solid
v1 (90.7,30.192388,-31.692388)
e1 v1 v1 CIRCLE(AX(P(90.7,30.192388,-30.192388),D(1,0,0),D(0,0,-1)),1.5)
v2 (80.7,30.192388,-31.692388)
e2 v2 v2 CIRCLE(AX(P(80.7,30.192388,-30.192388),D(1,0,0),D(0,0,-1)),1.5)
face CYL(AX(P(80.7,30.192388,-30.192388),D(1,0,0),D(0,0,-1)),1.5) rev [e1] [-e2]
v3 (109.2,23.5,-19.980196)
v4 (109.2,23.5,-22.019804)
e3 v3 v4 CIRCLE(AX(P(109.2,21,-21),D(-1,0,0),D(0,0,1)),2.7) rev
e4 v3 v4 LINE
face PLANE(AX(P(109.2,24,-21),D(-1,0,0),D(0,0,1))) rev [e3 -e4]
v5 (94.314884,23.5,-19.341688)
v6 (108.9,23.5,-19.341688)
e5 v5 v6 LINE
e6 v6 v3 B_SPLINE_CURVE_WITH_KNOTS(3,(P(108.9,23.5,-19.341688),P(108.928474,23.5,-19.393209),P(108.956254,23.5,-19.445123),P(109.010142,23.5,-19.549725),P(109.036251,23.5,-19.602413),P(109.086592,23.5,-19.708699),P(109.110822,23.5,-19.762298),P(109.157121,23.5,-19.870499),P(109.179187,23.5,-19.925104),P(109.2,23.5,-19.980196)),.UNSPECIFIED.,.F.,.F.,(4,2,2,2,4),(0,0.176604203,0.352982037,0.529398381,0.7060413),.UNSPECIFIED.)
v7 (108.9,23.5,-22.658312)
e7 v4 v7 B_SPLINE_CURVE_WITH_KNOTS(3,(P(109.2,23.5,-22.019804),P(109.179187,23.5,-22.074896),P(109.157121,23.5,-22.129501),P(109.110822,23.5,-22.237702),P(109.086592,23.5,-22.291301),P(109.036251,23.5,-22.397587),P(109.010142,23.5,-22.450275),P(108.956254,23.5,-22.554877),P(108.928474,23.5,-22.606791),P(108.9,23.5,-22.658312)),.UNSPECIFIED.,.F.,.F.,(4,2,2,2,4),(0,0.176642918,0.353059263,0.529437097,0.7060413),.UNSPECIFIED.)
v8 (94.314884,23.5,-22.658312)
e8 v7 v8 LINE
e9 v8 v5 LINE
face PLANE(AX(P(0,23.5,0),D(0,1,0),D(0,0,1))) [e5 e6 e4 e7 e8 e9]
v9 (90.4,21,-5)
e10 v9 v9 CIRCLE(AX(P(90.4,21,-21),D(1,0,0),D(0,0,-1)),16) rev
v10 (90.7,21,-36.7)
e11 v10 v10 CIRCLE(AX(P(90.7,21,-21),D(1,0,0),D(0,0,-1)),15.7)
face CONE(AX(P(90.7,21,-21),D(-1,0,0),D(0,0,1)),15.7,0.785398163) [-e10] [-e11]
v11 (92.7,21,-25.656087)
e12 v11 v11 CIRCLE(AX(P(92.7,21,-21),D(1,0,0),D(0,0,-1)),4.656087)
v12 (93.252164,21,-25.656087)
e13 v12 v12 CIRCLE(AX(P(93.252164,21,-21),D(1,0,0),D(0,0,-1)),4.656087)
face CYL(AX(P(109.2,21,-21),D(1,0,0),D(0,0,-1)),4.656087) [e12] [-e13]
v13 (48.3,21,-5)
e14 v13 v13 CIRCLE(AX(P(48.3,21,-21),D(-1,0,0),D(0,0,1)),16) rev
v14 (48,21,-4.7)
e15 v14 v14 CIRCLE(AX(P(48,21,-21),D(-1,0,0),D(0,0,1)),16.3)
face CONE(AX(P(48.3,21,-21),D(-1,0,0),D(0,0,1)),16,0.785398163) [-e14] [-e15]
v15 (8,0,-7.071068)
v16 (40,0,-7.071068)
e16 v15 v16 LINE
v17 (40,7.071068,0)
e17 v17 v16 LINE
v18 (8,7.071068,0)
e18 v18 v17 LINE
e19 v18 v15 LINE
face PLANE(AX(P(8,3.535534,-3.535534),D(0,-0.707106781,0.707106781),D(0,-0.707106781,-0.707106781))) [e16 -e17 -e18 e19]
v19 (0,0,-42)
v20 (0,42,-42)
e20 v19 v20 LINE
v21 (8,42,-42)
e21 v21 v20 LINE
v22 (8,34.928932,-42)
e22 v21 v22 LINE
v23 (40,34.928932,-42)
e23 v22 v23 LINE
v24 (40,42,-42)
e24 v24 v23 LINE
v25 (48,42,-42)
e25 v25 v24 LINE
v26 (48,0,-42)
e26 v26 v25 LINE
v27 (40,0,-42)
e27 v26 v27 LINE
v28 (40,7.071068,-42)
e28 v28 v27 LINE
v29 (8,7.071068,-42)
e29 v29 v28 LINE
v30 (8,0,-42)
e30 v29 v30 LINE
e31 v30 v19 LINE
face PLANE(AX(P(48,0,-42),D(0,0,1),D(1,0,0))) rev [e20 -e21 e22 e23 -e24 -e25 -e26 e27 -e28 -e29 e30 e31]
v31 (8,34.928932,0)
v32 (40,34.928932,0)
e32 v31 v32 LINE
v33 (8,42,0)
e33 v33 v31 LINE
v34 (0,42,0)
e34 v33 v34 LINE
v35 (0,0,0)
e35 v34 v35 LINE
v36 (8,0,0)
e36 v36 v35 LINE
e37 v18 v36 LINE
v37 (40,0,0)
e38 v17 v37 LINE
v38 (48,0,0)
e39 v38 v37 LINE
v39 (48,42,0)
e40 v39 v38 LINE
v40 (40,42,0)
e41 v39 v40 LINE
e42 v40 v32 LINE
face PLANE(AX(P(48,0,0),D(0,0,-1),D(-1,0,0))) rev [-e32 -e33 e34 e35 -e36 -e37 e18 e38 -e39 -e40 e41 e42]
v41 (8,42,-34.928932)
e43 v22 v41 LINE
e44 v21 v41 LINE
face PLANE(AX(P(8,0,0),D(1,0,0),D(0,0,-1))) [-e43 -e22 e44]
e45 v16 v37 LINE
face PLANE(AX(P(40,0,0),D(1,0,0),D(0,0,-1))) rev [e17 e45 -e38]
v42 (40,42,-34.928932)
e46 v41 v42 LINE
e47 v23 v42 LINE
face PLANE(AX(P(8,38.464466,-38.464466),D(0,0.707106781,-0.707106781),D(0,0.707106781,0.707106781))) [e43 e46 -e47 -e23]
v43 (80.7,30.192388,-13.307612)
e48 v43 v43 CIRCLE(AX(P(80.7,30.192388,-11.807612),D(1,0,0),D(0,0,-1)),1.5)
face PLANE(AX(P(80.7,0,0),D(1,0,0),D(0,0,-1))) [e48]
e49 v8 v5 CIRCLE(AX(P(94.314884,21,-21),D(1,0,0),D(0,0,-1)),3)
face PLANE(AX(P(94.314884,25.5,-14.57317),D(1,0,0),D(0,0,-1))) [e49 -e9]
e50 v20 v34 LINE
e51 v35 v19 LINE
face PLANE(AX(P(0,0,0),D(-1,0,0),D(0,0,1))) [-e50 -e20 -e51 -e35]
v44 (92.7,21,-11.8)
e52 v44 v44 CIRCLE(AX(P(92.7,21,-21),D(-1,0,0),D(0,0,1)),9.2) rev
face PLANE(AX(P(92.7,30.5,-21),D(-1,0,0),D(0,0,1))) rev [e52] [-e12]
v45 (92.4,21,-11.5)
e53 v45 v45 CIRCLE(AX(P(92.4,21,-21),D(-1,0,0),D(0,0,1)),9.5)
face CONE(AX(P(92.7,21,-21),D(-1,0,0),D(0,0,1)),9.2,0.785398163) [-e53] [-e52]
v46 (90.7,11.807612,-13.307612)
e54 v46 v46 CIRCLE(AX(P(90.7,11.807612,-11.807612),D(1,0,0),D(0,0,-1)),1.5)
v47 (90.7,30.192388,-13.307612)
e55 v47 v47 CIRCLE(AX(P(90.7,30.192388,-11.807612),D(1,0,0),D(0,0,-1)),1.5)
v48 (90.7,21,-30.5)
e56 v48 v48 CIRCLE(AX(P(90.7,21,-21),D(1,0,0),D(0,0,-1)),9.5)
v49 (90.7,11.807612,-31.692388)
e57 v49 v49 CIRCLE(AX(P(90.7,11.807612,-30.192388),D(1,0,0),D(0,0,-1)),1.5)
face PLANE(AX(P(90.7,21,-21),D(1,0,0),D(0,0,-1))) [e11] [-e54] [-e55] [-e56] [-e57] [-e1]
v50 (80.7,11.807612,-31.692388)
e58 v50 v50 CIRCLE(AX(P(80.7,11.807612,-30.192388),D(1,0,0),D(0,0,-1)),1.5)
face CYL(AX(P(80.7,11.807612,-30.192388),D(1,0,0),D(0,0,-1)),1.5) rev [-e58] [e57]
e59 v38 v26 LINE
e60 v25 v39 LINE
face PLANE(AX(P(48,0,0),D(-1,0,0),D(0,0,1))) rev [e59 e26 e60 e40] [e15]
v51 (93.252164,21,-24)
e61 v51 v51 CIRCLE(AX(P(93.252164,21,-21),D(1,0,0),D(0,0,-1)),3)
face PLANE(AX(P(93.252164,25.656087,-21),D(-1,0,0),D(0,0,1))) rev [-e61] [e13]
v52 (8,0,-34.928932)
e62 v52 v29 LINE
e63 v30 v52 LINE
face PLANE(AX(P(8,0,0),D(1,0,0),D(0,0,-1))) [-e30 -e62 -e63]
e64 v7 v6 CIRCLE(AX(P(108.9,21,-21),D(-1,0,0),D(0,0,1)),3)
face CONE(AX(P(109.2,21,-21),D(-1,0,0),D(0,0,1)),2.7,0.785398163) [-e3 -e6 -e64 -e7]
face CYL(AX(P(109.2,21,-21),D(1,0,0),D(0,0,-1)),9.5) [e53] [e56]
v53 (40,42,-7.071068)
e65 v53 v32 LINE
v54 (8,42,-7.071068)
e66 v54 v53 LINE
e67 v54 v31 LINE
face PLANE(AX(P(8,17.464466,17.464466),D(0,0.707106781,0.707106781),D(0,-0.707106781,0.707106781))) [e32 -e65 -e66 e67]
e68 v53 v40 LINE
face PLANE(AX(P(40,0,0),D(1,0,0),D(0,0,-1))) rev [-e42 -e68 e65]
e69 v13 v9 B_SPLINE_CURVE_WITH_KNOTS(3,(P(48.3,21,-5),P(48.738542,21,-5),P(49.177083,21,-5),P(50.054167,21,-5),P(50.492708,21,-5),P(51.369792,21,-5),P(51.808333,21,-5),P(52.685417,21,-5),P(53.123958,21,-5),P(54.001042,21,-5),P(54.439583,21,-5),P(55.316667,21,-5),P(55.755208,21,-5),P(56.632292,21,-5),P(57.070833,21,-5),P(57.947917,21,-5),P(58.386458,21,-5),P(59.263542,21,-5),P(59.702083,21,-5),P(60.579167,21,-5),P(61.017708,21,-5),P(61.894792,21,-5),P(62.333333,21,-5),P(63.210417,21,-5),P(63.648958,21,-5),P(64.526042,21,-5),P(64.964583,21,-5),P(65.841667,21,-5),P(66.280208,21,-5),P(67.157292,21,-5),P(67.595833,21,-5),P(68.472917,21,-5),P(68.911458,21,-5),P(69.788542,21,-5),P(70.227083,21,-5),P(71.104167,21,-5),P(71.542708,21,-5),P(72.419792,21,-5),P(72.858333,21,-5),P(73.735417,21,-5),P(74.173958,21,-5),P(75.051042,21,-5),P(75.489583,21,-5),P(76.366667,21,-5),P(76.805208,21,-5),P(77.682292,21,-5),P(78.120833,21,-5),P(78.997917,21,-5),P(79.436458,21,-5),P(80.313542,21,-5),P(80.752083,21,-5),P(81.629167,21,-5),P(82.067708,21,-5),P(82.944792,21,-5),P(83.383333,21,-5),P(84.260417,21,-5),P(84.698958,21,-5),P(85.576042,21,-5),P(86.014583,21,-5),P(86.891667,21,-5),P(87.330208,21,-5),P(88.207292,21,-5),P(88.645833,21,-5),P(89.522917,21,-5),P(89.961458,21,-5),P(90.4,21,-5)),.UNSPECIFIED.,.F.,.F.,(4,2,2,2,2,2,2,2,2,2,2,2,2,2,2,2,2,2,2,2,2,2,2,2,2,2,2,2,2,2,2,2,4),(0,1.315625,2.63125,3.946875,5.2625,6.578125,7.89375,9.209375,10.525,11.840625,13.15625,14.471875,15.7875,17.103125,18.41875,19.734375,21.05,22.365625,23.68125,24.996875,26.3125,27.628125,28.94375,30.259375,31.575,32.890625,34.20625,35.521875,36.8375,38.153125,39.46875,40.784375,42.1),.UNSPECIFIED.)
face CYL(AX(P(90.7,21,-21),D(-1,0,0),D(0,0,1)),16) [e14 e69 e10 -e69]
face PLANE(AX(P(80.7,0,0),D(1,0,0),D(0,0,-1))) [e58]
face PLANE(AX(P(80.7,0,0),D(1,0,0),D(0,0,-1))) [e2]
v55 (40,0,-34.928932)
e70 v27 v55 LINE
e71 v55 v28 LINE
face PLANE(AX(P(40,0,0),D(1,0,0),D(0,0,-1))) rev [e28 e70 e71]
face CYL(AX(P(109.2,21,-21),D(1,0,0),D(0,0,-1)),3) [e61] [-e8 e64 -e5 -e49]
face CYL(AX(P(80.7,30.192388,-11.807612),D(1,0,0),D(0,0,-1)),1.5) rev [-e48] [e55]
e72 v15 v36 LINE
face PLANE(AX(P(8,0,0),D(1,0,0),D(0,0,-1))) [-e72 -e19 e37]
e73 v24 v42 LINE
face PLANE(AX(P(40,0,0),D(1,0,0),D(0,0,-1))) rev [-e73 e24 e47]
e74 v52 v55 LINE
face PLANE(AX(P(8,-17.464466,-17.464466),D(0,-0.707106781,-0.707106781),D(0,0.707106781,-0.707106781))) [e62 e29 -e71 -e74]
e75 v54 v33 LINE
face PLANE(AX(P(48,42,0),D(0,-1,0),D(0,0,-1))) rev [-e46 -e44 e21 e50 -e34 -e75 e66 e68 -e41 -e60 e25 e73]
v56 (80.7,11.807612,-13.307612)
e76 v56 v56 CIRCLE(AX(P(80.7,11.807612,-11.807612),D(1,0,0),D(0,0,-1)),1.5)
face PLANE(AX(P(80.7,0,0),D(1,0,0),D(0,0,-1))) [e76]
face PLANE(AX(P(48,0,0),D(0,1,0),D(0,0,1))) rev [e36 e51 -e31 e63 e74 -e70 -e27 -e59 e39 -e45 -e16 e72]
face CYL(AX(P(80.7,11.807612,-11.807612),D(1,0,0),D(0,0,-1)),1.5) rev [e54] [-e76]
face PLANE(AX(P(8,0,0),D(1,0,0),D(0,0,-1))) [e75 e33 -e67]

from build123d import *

# Parameters (mm, degrees)
SKETCH1_W           = 42
SKETCH1_H           = 42
BOSS_EXTRUDE1_DEPTH = 48
SKETCH2_R           = 16
BOSS_EXTRUDE2_DEPTH = 42.7
SKETCH7_W           = 16.587443852
SKETCH7_H           = 11.908554944
CUT_EXTRUDE1_DEPTH  = 2
CHAMFER1_SIZE       = 0.3
SKETCH8_R           = 1.5
CUT_EXTRUDE2_DEPTH  = 10
CUT_EXTRUDE3_DEPTH  = 32


with BuildPart() as part:
    # Sketch1 → Boss-Extrude1 (new body)
    with BuildSketch(Plane(origin=(0, 0, 0), x_dir=(0, 0, -1), z_dir=(1, 0, 0))):
        with Locations((21, 21)):
            Rectangle(SKETCH1_W, SKETCH1_H)
    extrude(amount=BOSS_EXTRUDE1_DEPTH)

    # Sketch2 → Boss-Extrude2 (add)
    with BuildSketch(Plane(origin=(48, 0, 0), x_dir=(0, 0, -1), z_dir=(1, 0, 0))):
        with Locations((21, 21)):
            Circle(SKETCH2_R)
    extrude(amount=BOSS_EXTRUDE2_DEPTH)

    # Sketch5 → Revolve1 (revolve)
    with BuildSketch(Plane(origin=(0, 0, -21), x_dir=(-1, 0, 0), z_dir=(0, 0, -1))):
        Polygon((-90.7, 30.5), (-92.7, 30.5), (-92.7, 25.65608714), (-93.252163767, 25.65608714), (-93.252163767, 24), (-109.2, 24), (-109.2, 21), (-90.7, 21), align=None)
    revolve(axis=Axis((109.2, 21, -21), (-1, 0, 0)))

    # Sketch7 → Cut-Extrude1 (cut)
    with BuildSketch(Plane(origin=(0, 23.5, 0), x_dir=(1, 0, 0), z_dir=(0, 1, 0))):
        with Locations((102.608605833, 20.527447563)):
            Rectangle(SKETCH7_W, SKETCH7_H)
    extrude(amount=CUT_EXTRUDE1_DEPTH, mode=Mode.SUBTRACT)

    # Chamfer1
    chamfer1_edges = [part.edges().sort_by_distance(p)[0] for p in [
        (48, 21, -5),
        (90.7, 21, -5),
        (92.7, 11.5, -21),
        (109.2, 18, -21),
    ]]
    chamfer(chamfer1_edges, length=CHAMFER1_SIZE)

    # Sketch8 → Cut-Extrude2 (cut)
    with BuildSketch(Plane(origin=(90.7, 0, 0), x_dir=(0, 0, -1), z_dir=(1, 0, 0))):
        with Locations((30.192388155, 30.192388155)):
            Circle(SKETCH8_R)
        with Locations((30.192388155, 11.807611845)):
            Circle(SKETCH8_R)
        with Locations((11.807611845, 30.192388155)):
            Circle(SKETCH8_R)
        with Locations((11.807611845, 11.807611845)):
            Circle(SKETCH8_R)
    extrude(amount=-CUT_EXTRUDE2_DEPTH, mode=Mode.SUBTRACT)

    # Sketch9 → Cut-Extrude3 (cut)
    with BuildSketch(Plane(origin=(40, 0, 0), x_dir=(0, 0, -1), z_dir=(1, 0, 0))):
        Polygon((34.928932188, 42), (42, 34.928932188), (42, 42), align=None)
        Polygon((42, 0), (42, 7.071067812), (34.928932188, 0), align=None)
        Polygon((0, 34.928932188), (7.071067812, 42), (0, 42), align=None)
        Polygon((0, 0), (7.071067812, 0), (0, 7.071067812), align=None)
    extrude(amount=-CUT_EXTRUDE3_DEPTH, mode=Mode.SUBTRACT)


solid = part.part
